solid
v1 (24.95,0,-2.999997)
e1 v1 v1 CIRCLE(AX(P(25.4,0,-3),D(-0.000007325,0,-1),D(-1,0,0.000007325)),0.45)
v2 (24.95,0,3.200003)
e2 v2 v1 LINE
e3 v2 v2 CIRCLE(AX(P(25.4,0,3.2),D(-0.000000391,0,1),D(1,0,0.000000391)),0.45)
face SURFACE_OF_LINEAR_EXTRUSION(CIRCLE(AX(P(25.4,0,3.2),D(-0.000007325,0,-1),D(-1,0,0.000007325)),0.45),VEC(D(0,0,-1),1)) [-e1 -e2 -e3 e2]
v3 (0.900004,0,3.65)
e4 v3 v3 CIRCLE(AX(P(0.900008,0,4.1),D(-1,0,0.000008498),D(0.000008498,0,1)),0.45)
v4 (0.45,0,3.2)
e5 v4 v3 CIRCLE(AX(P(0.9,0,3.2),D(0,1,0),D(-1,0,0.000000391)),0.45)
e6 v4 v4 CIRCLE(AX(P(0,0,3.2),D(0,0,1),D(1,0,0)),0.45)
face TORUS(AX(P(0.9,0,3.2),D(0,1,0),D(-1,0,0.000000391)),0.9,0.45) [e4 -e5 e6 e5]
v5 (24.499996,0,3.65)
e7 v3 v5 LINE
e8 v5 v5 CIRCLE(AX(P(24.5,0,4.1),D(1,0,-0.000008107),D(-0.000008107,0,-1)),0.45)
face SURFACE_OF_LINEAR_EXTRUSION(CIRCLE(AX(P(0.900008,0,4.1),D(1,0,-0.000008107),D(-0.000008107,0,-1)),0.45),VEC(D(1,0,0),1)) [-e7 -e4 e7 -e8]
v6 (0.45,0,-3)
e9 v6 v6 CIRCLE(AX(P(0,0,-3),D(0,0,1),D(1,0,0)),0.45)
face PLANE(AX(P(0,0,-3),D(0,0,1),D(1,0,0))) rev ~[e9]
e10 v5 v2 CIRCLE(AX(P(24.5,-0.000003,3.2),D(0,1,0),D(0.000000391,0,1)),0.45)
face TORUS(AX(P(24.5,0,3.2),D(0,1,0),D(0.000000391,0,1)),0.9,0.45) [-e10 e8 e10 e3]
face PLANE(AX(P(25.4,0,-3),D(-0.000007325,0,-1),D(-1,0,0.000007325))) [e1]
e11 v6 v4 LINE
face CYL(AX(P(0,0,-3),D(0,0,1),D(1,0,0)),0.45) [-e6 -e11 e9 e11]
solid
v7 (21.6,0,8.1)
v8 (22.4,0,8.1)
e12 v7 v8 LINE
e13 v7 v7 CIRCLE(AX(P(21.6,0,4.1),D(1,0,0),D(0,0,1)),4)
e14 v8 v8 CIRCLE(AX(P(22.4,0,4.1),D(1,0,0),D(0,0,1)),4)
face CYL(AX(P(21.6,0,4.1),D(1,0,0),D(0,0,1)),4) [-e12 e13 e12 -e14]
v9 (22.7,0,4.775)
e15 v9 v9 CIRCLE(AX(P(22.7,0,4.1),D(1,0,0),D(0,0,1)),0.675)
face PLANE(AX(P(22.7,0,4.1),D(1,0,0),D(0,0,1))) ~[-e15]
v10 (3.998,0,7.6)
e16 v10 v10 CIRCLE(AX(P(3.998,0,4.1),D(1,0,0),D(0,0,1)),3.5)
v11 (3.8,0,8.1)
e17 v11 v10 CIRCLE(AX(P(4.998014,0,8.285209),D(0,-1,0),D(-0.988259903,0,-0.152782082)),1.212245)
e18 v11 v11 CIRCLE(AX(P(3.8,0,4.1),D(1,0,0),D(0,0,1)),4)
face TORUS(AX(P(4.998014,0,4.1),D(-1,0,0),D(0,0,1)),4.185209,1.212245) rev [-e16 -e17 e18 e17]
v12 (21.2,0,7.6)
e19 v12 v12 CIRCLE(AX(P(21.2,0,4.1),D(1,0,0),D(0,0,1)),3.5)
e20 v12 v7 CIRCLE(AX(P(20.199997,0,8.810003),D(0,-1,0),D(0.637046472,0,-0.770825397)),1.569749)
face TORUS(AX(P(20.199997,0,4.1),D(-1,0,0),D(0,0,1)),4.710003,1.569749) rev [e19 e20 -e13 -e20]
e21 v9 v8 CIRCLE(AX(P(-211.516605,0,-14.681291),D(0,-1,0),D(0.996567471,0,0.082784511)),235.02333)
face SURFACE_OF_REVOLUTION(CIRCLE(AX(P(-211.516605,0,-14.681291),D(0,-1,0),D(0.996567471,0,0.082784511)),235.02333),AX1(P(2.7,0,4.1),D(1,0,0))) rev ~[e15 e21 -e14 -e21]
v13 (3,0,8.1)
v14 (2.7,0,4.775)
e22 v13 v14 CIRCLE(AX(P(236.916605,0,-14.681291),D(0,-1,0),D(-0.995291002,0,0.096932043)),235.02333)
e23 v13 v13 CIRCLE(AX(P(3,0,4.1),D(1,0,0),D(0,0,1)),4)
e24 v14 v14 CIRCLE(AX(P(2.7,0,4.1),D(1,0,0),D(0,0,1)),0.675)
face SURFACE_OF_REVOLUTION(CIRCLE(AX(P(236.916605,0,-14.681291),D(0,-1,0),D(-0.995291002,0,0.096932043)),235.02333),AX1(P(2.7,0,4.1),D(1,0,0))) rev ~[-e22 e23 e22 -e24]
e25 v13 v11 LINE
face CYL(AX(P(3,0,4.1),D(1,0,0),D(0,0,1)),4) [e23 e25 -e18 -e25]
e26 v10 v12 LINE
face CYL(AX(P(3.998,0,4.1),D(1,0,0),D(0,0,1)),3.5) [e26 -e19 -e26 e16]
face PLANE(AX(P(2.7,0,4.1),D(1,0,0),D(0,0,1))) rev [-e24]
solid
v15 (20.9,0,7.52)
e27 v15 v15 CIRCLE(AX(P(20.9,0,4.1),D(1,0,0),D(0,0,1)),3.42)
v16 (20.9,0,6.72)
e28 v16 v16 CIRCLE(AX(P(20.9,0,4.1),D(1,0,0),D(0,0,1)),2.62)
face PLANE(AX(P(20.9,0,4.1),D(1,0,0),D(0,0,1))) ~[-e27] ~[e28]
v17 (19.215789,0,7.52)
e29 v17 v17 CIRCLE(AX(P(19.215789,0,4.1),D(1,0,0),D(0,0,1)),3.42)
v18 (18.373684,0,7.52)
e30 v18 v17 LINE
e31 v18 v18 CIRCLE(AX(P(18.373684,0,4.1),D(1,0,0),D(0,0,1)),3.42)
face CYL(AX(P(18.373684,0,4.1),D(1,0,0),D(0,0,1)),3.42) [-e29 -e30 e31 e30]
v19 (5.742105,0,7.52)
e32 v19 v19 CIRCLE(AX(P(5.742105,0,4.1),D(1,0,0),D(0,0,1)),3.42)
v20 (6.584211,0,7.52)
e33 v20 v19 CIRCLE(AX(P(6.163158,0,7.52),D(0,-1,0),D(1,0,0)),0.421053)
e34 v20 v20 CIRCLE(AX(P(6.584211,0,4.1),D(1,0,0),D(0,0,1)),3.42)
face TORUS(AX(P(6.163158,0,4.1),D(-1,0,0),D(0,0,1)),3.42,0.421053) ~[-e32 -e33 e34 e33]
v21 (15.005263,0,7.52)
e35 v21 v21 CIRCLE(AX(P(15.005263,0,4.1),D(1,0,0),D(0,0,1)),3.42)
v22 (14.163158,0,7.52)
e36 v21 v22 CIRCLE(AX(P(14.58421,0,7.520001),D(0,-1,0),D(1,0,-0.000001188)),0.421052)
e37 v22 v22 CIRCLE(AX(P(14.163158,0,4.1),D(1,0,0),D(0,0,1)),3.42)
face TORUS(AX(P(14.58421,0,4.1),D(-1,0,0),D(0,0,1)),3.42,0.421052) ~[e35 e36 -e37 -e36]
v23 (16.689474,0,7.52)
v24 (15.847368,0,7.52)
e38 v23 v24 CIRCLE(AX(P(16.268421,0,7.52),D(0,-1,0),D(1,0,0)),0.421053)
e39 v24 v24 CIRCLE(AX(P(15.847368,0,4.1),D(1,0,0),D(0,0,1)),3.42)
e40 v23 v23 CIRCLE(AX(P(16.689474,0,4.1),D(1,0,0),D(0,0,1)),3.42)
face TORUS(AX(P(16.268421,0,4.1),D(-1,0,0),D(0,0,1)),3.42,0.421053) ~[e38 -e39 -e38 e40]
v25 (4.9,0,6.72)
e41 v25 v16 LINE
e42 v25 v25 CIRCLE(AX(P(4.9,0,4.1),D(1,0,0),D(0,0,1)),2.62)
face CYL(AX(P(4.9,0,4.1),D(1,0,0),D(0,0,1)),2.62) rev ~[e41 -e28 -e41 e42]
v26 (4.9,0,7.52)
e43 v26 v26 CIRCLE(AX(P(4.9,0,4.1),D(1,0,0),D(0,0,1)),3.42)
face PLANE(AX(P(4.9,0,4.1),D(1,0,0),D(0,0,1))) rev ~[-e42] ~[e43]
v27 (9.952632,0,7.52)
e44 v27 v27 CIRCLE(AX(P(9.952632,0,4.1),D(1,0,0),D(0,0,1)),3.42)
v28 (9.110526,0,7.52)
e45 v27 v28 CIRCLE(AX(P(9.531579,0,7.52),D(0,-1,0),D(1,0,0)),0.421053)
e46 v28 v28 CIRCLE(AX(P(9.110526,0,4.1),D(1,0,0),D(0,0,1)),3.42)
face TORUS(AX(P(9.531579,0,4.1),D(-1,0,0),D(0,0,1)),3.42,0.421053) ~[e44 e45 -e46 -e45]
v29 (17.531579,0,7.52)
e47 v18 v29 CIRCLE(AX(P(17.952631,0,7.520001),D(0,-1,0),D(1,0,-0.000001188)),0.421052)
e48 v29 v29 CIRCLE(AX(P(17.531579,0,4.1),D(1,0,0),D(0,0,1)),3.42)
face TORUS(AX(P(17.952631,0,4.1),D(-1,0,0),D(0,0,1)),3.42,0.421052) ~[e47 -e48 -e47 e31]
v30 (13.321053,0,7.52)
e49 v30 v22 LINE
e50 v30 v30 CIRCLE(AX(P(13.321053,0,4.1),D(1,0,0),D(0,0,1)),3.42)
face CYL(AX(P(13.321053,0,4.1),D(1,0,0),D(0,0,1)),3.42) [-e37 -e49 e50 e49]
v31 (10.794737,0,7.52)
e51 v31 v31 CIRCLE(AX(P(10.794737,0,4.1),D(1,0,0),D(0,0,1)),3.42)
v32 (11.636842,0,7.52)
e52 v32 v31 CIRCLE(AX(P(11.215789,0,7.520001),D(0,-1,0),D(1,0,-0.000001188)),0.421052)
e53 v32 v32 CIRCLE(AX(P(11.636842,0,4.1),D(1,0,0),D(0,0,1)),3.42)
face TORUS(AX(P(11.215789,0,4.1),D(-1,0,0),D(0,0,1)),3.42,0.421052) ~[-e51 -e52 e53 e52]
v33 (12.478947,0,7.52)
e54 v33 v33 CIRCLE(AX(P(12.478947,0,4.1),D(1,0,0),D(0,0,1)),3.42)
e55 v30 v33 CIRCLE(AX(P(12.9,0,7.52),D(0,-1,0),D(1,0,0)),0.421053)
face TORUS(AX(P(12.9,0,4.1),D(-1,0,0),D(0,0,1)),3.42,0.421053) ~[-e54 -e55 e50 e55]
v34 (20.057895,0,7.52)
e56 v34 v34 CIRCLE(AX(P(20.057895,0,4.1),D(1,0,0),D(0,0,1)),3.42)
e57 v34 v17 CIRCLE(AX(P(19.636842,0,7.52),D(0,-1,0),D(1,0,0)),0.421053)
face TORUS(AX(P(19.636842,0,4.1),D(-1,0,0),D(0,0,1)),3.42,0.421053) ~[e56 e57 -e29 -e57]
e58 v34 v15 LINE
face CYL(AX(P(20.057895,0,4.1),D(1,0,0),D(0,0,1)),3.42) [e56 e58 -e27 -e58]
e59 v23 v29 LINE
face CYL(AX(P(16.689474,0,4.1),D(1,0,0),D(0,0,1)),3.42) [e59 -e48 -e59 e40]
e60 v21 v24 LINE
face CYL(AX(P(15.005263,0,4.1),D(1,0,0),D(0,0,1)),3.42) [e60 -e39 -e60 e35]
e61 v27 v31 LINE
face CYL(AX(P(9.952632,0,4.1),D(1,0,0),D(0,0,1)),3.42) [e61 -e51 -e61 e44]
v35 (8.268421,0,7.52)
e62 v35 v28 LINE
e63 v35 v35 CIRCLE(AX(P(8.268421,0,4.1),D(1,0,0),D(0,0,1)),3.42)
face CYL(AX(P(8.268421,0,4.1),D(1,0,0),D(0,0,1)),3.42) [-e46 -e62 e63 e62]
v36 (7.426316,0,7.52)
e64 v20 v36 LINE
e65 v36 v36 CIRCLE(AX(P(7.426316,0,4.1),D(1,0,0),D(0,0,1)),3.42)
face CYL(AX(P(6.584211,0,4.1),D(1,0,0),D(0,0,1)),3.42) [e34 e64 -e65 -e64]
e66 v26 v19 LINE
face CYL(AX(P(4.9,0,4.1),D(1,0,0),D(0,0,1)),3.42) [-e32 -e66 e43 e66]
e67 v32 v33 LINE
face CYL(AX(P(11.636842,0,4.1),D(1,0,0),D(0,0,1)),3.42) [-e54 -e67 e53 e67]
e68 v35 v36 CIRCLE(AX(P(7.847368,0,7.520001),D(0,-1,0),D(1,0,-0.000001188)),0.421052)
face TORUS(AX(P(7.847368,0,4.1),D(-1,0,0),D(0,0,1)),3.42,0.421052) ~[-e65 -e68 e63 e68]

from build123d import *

# Parameters (mm, degrees)
SKETCH_R = 0.45


with BuildPart() as revolution:
    # Sketch002 → Revolution (revolve)
    with BuildSketch(Plane.XZ):
        with BuildLine():
            Line((3, 8.1), (3.8, 8.1))
            ThreePointArc((3.8, 8.1), (3.870924, 7.838882), (3.998, 7.6))
            Line((3.998, 7.6), (21.2, 7.6))
            ThreePointArc((21.2, 7.6), (21.425765, 7.829388), (21.6, 8.1))
            Line((21.6, 8.1), (22.4, 8.1))
            ThreePointArc((22.7, 4.775), (22.555904, 6.438033), (22.4, 8.1))
            Line((22.7, 4.1), (22.7, 4.775))
            Line((2.7, 4.1), (22.7, 4.1))
            Line((2.7, 4.1), (2.7, 4.775))
            ThreePointArc((3, 8.1), (2.844096, 6.438033), (2.7, 4.775))
        make_face()
    revolve(axis=Axis((2.7, 0, 4.1), (1, 0, 0)))


with BuildPart() as sweep_body:
    # Sweep: sweep along a path in Sketch001
    with BuildLine(Plane.XZ) as sweep_path:
        Line((0, -3), (0, 3.2))
        ThreePointArc((0, 3.2), (0.263607, 3.836399), (0.900008, 4.1))
        Line((0.900008, 4.1), (24.5, 4.1))
        ThreePointArc((24.5, 4.1), (25.136396, 3.836396), (25.4, 3.2))
        Line((25.4, 3.2), (25.4, -3))
    # Sketch → Sweep (sweep)
    with BuildSketch(Plane.XY.offset(-2)):
        Circle(SKETCH_R)
    sweep(path=sweep_path.line)


with BuildPart() as revolution001:
    # Sketch003 → Revolution001 (revolve)
    with BuildSketch(Plane.XZ):
        with BuildLine():
            ThreePointArc((6.584211, 7.52), (6.163158, 7.941053), (5.742105, 7.52))
            Line((4.9, 7.52), (5.742105, 7.52))
            Line((4.9, 7.52), (4.9, 6.72))
            Line((4.9, 6.72), (20.9, 6.72))
            Line((20.9, 6.72), (20.9, 7.52))
            Line((20.057895, 7.52), (20.9, 7.52))
            ThreePointArc((20.057895, 7.52), (19.636842, 7.941053), (19.215789, 7.52))
            Line((18.373684, 7.52), (19.215789, 7.52))
            ThreePointArc((18.373684, 7.52), (17.952632, 7.941053), (17.531579, 7.52))
            Line((16.689474, 7.52), (17.531579, 7.52))
            ThreePointArc((16.689474, 7.52), (16.268421, 7.941053), (15.847368, 7.52))
            Line((15.005263, 7.52), (15.847368, 7.52))
            ThreePointArc((15.005263, 7.52), (14.584211, 7.941053), (14.163158, 7.52))
            Line((13.321053, 7.52), (14.163158, 7.52))
            ThreePointArc((13.321053, 7.52), (12.9, 7.941053), (12.478947, 7.52))
            Line((11.636842, 7.52), (12.478947, 7.52))
            ThreePointArc((11.636842, 7.52), (11.215789, 7.941053), (10.794737, 7.52))
            Line((9.952632, 7.52), (10.794737, 7.52))
            ThreePointArc((9.952632, 7.52), (9.531579, 7.941053), (9.110526, 7.52))
            Line((8.268421, 7.52), (9.110526, 7.52))
            ThreePointArc((8.268421, 7.52), (7.847368, 7.941053), (7.426316, 7.52))
            Line((6.584211, 7.52), (7.426316, 7.52))
        make_face()
    revolve(axis=Axis((3.2, 0, 4.1), (1, 0, 0)))


solid = Compound([revolution.part, sweep_body.part, revolution001.part])
